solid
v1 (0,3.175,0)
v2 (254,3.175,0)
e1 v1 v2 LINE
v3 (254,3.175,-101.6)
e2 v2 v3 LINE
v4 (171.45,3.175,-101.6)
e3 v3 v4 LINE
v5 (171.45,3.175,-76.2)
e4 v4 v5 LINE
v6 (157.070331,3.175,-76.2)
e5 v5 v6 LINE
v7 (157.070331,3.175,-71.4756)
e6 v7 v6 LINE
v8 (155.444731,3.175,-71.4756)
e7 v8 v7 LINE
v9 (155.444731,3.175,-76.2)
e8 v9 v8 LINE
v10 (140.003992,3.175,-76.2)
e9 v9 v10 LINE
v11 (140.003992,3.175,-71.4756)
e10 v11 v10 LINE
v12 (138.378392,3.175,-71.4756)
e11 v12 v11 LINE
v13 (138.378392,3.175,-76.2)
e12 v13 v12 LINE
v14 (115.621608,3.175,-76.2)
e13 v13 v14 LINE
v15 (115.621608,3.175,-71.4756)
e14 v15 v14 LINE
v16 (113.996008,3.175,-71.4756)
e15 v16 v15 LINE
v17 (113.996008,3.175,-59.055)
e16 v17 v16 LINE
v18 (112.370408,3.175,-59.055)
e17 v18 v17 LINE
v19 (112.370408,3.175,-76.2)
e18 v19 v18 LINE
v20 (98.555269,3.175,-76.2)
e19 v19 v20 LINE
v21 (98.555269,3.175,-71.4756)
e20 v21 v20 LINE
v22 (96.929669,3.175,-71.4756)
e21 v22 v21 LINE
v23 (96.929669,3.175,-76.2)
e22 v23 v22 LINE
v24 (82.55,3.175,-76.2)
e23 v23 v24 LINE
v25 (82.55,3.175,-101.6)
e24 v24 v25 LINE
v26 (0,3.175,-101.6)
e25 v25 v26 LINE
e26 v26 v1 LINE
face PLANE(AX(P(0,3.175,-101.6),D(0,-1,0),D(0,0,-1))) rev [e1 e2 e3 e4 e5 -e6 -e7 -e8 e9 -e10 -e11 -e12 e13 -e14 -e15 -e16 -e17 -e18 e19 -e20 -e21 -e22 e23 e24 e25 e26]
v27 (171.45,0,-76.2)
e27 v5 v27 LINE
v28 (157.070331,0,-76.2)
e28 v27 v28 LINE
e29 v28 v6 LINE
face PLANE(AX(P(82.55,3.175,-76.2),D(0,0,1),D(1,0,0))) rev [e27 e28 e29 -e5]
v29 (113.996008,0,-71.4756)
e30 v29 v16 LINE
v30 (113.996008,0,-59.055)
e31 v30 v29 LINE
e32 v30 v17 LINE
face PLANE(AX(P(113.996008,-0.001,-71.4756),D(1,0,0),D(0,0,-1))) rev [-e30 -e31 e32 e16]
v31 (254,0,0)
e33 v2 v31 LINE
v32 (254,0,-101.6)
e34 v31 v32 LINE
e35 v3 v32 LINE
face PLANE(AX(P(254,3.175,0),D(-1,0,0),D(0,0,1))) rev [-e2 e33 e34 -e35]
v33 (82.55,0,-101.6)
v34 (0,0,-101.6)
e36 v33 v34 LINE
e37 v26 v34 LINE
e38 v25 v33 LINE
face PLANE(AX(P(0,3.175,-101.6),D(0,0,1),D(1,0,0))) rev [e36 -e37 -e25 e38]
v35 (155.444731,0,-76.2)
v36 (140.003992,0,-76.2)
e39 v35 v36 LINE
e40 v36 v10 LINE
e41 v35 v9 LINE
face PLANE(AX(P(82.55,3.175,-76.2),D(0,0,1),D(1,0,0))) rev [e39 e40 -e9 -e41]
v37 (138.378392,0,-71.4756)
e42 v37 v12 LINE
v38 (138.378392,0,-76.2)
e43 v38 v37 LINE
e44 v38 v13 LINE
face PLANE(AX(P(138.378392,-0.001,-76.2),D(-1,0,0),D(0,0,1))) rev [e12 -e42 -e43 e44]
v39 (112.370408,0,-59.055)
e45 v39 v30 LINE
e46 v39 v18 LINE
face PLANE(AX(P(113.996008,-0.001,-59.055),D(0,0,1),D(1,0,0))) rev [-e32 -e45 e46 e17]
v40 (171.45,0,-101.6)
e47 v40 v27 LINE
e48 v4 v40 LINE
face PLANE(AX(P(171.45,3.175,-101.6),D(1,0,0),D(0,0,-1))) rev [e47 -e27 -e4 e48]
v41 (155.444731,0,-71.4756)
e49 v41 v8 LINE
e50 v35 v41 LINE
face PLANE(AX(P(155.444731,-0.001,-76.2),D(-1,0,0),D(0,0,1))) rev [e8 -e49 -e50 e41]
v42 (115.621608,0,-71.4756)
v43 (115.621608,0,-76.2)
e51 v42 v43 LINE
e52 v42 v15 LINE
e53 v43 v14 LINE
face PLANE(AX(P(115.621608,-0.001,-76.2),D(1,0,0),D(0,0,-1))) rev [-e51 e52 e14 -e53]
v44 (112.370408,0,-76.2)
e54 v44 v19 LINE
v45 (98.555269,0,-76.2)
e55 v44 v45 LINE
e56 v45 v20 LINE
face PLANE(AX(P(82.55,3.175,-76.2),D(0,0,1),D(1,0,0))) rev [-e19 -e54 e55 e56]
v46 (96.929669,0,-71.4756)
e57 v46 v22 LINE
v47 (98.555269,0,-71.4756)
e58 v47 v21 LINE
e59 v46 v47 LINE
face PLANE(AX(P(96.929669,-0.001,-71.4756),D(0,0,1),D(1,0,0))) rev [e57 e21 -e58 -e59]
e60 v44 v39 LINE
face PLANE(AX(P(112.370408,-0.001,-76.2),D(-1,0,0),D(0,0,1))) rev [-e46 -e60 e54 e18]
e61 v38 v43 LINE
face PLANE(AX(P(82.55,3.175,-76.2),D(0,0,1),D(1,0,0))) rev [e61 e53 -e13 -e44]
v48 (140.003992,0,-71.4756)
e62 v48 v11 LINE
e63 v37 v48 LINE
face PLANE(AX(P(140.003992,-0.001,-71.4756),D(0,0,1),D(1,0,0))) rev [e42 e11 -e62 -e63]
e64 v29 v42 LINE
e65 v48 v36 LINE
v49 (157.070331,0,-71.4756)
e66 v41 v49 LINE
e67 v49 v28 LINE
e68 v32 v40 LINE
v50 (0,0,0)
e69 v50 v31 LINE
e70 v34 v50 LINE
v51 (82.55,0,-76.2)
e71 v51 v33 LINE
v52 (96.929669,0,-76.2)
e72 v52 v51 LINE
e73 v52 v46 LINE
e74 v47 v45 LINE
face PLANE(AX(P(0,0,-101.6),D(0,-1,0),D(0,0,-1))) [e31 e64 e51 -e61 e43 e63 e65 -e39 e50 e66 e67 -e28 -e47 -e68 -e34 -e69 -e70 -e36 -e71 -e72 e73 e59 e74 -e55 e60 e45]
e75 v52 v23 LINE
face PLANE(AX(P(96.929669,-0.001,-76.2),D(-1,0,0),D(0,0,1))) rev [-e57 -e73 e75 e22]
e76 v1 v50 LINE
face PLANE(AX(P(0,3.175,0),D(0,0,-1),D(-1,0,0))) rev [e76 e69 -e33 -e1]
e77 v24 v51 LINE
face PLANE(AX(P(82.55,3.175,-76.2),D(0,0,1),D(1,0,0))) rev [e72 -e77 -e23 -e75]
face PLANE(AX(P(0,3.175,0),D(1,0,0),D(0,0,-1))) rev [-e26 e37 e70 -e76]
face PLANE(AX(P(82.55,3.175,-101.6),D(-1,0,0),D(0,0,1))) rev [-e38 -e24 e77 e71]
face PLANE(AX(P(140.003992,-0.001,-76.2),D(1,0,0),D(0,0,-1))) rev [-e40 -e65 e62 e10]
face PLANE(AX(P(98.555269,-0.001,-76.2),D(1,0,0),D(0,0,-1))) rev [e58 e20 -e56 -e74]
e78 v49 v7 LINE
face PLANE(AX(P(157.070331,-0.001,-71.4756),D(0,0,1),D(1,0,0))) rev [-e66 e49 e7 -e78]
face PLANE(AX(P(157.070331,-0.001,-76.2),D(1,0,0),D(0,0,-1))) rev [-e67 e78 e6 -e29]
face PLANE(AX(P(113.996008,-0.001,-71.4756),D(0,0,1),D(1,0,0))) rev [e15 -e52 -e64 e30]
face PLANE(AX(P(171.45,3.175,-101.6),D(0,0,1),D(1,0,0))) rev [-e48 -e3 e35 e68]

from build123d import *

# Parameters (mm, degrees)
BOSS_EXTRUDE1_DEPTH = 3.175
CUT_EXTRUDE1_REACH  = 275.585
SKETCH2_W           = 1.6256
SKETCH2_H           = 4.7244


with BuildPart() as part:
    # Sketch1 → Boss-Extrude1 (new body)
    with BuildSketch(Plane(origin=(0, 0, 0), x_dir=(1, 0, 0), z_dir=(0, 1, 0))):
        Polygon((171.45, 101.6), (254, 101.6), (254, 0), (0, 0), (0, 101.6), (82.55, 101.6), (82.55, 76.2), (171.45, 76.2), align=None)
    extrude(amount=BOSS_EXTRUDE1_DEPTH)

    # Sketch2 → Cut-Extrude1 (cut, up to next)
    with BuildSketch(Plane(origin=(0, 3.175, 0), x_dir=(-1, 0, 0), z_dir=(0, 1, 0)), mode=Mode.PRIVATE) as cut_extrude1_sk1:
        with Locations((-97.742468943, -73.8378)):
            Rectangle(SKETCH2_W, SKETCH2_H)
    cut_extrude1_tool1 = extrude(cut_extrude1_sk1.sketch, amount=-CUT_EXTRUDE1_REACH, mode=Mode.PRIVATE) & part.part
    # Sketch2 → Cut-Extrude1 (cut, up to next)
    with BuildSketch(Plane(origin=(0, 3.175, 0), x_dir=(-1, 0, 0), z_dir=(0, 1, 0)), mode=Mode.PRIVATE) as cut_extrude1_sk2:
        Polygon((-113.996008389, -76.2), (-115.621608389, -76.2), (-115.621608389, -71.4756), (-113.996008389, -71.4756), (-113.996008389, -59.055), (-112.370408389, -59.055), (-112.370408389, -76.2), align=None)
    cut_extrude1_tool2 = extrude(cut_extrude1_sk2.sketch, amount=-CUT_EXTRUDE1_REACH, mode=Mode.PRIVATE) & part.part
    # Sketch2 → Cut-Extrude1 (cut, up to next)
    with BuildSketch(Plane(origin=(0, 3.175, 0), x_dir=(-1, 0, 0), z_dir=(0, 1, 0)), mode=Mode.PRIVATE) as cut_extrude1_sk3:
        with Locations((-139.191191611, -73.8378)):
            Rectangle(SKETCH2_W, SKETCH2_H)
    cut_extrude1_tool3 = extrude(cut_extrude1_sk3.sketch, amount=-CUT_EXTRUDE1_REACH, mode=Mode.PRIVATE) & part.part
    # Sketch2 → Cut-Extrude1 (cut, up to next)
    with BuildSketch(Plane(origin=(0, 3.175, 0), x_dir=(-1, 0, 0), z_dir=(0, 1, 0)), mode=Mode.PRIVATE) as cut_extrude1_sk4:
        with Locations((-156.257531057, -73.8378)):
            Rectangle(SKETCH2_W, SKETCH2_H)
    cut_extrude1_tool4 = extrude(cut_extrude1_sk4.sketch, amount=-CUT_EXTRUDE1_REACH, mode=Mode.PRIVATE) & part.part
    add(cut_extrude1_tool1.solids().sort_by_distance((97.742469, 3.175, -73.8378))[0], mode=Mode.SUBTRACT)
    add(cut_extrude1_tool2.solids().sort_by_distance((113.534383, 3.175, -68.969098))[0], mode=Mode.SUBTRACT)
    add(cut_extrude1_tool3.solids().sort_by_distance((139.191192, 3.175, -73.8378))[0], mode=Mode.SUBTRACT)
    add(cut_extrude1_tool4.solids().sort_by_distance((156.257531, 3.175, -73.8378))[0], mode=Mode.SUBTRACT)


solid = part.part
